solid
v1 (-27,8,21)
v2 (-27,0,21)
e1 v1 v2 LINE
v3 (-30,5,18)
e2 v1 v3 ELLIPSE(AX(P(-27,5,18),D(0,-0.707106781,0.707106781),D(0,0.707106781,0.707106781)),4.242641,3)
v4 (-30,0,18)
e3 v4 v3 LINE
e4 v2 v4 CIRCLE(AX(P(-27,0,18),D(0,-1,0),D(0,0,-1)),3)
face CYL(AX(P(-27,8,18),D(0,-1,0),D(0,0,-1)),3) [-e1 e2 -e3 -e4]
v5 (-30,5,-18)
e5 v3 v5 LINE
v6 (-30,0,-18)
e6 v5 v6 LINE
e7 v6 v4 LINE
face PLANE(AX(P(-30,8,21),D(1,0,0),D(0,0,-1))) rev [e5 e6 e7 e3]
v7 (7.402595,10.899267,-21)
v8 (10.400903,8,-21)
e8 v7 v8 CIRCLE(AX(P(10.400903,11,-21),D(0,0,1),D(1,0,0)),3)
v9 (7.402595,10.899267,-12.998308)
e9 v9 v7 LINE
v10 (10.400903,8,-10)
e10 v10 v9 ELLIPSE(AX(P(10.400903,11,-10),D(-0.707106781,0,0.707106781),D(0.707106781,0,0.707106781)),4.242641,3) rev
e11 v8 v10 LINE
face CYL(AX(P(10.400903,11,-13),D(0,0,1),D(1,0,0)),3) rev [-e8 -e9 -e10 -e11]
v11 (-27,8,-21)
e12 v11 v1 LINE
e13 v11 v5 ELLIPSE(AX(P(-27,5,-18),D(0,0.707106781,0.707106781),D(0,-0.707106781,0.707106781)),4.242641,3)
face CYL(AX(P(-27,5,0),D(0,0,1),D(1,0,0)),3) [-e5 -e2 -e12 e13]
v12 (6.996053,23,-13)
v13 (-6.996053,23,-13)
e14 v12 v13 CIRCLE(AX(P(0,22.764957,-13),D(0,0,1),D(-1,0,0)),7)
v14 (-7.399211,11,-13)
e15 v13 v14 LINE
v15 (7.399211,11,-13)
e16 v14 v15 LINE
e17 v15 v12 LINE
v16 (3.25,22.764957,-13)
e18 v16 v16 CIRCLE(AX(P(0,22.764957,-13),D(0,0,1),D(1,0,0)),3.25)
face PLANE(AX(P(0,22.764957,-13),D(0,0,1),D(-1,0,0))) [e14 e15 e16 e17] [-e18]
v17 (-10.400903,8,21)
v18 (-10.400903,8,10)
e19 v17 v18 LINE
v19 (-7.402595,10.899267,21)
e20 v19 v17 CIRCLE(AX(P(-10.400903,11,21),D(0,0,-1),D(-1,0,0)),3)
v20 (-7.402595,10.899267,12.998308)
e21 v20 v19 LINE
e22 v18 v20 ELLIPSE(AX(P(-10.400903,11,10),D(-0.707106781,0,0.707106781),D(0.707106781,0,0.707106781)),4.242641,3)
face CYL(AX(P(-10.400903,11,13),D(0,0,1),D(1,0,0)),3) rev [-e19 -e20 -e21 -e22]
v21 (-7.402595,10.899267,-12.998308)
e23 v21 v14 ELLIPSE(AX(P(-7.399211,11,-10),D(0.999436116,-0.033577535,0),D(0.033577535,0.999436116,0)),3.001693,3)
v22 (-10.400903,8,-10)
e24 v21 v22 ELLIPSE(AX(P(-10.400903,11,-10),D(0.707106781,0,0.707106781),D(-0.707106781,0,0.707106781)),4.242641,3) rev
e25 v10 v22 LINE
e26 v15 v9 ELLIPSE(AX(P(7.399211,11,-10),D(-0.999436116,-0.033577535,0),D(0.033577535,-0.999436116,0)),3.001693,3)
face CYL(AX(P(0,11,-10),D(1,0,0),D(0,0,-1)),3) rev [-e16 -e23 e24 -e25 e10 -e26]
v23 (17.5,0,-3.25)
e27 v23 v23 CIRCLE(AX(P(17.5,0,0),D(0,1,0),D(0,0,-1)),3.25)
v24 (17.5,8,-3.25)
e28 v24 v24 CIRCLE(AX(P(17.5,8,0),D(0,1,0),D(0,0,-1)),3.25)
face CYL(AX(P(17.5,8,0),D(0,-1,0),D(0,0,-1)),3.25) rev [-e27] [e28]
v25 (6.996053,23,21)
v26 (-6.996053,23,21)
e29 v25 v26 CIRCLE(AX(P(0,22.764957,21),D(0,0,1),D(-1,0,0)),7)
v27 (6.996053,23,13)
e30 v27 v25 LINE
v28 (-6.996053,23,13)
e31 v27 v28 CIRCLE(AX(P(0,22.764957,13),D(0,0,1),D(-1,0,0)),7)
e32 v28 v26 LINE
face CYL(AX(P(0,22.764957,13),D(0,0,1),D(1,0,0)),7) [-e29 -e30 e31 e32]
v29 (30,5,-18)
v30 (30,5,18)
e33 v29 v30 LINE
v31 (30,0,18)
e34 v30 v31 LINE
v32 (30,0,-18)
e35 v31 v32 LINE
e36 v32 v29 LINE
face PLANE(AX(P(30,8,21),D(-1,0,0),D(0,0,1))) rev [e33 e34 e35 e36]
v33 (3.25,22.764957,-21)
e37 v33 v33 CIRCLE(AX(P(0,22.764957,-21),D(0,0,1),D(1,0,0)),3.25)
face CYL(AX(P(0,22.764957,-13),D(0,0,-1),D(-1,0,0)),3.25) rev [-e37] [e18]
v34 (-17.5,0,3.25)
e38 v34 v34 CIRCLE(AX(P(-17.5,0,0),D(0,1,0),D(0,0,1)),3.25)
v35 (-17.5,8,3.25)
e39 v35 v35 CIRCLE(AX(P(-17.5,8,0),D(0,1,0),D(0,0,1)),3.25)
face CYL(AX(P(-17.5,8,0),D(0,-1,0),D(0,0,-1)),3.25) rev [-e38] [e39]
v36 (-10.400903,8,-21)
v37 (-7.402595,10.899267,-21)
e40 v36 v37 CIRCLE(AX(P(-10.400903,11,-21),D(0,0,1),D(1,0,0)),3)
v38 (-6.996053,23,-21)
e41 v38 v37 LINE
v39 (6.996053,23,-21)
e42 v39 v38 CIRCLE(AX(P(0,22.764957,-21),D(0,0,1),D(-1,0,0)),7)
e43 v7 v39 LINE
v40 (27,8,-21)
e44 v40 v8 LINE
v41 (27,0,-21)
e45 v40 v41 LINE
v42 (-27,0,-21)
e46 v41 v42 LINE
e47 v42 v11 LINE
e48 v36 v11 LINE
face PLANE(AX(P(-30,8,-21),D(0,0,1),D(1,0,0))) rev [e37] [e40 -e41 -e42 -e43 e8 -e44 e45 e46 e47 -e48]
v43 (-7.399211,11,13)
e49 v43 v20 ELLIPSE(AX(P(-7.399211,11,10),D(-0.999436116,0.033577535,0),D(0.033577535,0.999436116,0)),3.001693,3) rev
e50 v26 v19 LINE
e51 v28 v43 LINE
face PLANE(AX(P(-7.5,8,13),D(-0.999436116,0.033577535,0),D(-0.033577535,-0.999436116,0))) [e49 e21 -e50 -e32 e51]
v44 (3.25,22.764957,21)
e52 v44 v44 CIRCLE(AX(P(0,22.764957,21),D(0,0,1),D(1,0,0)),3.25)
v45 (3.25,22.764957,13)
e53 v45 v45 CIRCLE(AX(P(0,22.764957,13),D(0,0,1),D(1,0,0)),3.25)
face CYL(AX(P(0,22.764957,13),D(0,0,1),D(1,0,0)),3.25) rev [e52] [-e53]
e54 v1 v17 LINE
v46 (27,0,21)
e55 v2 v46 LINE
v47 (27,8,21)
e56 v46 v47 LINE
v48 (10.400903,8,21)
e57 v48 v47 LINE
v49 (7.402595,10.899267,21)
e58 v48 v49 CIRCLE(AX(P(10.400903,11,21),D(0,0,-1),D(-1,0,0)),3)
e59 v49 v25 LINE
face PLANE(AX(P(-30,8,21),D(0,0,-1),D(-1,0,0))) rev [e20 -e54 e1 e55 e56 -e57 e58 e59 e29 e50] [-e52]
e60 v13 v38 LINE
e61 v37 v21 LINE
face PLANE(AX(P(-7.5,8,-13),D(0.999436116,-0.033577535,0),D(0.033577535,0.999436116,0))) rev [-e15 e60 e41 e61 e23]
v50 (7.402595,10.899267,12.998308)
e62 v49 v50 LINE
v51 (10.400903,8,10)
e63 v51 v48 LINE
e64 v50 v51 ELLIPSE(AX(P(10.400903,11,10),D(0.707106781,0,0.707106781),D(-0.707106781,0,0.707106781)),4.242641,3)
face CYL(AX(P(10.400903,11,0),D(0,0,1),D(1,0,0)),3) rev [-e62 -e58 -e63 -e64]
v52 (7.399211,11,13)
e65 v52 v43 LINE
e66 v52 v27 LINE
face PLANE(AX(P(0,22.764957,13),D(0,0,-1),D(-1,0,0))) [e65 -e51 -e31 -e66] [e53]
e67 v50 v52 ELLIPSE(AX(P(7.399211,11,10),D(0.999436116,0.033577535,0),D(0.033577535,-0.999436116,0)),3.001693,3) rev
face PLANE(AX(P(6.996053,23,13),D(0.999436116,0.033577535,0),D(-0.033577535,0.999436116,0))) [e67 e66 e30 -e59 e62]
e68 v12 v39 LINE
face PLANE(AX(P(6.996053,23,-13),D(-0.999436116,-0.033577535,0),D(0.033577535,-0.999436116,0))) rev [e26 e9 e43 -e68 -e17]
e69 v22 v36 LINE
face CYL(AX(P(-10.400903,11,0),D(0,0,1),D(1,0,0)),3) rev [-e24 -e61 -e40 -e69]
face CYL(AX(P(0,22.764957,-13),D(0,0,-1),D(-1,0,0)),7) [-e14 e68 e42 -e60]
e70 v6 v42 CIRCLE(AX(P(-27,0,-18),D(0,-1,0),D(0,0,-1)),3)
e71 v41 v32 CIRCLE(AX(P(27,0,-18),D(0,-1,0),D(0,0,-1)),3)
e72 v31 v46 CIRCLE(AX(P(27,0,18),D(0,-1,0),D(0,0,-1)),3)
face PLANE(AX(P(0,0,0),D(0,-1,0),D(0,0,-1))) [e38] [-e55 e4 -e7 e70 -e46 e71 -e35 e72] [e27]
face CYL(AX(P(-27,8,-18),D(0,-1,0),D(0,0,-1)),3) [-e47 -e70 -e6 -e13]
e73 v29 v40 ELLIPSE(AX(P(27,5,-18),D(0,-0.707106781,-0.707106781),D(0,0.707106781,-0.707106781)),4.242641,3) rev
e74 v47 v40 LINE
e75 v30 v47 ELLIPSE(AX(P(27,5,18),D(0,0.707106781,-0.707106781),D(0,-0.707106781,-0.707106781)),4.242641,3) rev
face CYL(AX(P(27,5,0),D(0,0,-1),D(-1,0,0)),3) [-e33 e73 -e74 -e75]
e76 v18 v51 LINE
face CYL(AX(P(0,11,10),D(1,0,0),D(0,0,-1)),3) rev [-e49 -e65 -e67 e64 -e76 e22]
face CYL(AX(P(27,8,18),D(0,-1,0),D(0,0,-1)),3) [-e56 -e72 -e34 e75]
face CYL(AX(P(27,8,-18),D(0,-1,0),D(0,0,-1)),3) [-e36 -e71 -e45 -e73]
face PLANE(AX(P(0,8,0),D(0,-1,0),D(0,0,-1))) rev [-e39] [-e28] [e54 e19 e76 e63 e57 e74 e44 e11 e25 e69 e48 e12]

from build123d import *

# Parameters (mm, degrees)
SKETCH2_W           = 60
SKETCH2_H           = 42
SKETCH2_R           = 3.25
BOSS_EXTRUDE1_DEPTH = 8
SKETCH3_R           = 3.25
BOSS_EXTRUDE2_DEPTH = 8
FILLET1_R           = 3


with BuildPart() as part:
    # Sketch2 → Boss-Extrude1 (new body)
    with BuildSketch(Plane(origin=(0, 0, 0), x_dir=(1, 0, 0), z_dir=(0, 1, 0))):
        Rectangle(SKETCH2_W, SKETCH2_H)
        with Locations((-17.5, 0)):
            Circle(SKETCH2_R, mode=Mode.SUBTRACT)
        with Locations((17.5, 0)):
            Circle(SKETCH2_R, mode=Mode.SUBTRACT)
    extrude(amount=BOSS_EXTRUDE1_DEPTH)

    # Sketch3 → Boss-Extrude2 (add)
    with BuildSketch(Plane.XY.offset(21)):
        with BuildLine():
            Line((-7.5, 8), (-6.996052809, 23))
            ThreePointArc((-6.996052809, 23), (0, 29.764957256), (6.996052809, 23))
            Line((6.996052809, 23), (7.5, 8))
            Line((7.5, 8), (-7.5, 8))
        make_face()
        with Locations((0, 22.764957256)):
            Circle(SKETCH3_R, mode=Mode.SUBTRACT)
    boss_extrude2 = extrude(amount=-BOSS_EXTRUDE2_DEPTH)

    # Mirror1: Boss-Extrude2 across plane
    add(boss_extrude2.mirror(Plane.XY))

    # Fillet1
    fillet1_edges = [part.edges().sort_by_distance(p)[0] for p in [
        (-30, 8, 0),
        (0, 8, 13),
        (7.5, 8, 17),
        (-7.5, 8, 17),
        (0, 8, -13),
        (-7.5, 8, -17),
        (7.5, 8, -17),
        (30, 8, 0),
        (30, 4, 21),
        (-30, 4, 21),
        (-30, 4, -21),
        (30, 4, -21),
    ]]
    fillet(fillet1_edges, radius=FILLET1_R)


solid = part.part
